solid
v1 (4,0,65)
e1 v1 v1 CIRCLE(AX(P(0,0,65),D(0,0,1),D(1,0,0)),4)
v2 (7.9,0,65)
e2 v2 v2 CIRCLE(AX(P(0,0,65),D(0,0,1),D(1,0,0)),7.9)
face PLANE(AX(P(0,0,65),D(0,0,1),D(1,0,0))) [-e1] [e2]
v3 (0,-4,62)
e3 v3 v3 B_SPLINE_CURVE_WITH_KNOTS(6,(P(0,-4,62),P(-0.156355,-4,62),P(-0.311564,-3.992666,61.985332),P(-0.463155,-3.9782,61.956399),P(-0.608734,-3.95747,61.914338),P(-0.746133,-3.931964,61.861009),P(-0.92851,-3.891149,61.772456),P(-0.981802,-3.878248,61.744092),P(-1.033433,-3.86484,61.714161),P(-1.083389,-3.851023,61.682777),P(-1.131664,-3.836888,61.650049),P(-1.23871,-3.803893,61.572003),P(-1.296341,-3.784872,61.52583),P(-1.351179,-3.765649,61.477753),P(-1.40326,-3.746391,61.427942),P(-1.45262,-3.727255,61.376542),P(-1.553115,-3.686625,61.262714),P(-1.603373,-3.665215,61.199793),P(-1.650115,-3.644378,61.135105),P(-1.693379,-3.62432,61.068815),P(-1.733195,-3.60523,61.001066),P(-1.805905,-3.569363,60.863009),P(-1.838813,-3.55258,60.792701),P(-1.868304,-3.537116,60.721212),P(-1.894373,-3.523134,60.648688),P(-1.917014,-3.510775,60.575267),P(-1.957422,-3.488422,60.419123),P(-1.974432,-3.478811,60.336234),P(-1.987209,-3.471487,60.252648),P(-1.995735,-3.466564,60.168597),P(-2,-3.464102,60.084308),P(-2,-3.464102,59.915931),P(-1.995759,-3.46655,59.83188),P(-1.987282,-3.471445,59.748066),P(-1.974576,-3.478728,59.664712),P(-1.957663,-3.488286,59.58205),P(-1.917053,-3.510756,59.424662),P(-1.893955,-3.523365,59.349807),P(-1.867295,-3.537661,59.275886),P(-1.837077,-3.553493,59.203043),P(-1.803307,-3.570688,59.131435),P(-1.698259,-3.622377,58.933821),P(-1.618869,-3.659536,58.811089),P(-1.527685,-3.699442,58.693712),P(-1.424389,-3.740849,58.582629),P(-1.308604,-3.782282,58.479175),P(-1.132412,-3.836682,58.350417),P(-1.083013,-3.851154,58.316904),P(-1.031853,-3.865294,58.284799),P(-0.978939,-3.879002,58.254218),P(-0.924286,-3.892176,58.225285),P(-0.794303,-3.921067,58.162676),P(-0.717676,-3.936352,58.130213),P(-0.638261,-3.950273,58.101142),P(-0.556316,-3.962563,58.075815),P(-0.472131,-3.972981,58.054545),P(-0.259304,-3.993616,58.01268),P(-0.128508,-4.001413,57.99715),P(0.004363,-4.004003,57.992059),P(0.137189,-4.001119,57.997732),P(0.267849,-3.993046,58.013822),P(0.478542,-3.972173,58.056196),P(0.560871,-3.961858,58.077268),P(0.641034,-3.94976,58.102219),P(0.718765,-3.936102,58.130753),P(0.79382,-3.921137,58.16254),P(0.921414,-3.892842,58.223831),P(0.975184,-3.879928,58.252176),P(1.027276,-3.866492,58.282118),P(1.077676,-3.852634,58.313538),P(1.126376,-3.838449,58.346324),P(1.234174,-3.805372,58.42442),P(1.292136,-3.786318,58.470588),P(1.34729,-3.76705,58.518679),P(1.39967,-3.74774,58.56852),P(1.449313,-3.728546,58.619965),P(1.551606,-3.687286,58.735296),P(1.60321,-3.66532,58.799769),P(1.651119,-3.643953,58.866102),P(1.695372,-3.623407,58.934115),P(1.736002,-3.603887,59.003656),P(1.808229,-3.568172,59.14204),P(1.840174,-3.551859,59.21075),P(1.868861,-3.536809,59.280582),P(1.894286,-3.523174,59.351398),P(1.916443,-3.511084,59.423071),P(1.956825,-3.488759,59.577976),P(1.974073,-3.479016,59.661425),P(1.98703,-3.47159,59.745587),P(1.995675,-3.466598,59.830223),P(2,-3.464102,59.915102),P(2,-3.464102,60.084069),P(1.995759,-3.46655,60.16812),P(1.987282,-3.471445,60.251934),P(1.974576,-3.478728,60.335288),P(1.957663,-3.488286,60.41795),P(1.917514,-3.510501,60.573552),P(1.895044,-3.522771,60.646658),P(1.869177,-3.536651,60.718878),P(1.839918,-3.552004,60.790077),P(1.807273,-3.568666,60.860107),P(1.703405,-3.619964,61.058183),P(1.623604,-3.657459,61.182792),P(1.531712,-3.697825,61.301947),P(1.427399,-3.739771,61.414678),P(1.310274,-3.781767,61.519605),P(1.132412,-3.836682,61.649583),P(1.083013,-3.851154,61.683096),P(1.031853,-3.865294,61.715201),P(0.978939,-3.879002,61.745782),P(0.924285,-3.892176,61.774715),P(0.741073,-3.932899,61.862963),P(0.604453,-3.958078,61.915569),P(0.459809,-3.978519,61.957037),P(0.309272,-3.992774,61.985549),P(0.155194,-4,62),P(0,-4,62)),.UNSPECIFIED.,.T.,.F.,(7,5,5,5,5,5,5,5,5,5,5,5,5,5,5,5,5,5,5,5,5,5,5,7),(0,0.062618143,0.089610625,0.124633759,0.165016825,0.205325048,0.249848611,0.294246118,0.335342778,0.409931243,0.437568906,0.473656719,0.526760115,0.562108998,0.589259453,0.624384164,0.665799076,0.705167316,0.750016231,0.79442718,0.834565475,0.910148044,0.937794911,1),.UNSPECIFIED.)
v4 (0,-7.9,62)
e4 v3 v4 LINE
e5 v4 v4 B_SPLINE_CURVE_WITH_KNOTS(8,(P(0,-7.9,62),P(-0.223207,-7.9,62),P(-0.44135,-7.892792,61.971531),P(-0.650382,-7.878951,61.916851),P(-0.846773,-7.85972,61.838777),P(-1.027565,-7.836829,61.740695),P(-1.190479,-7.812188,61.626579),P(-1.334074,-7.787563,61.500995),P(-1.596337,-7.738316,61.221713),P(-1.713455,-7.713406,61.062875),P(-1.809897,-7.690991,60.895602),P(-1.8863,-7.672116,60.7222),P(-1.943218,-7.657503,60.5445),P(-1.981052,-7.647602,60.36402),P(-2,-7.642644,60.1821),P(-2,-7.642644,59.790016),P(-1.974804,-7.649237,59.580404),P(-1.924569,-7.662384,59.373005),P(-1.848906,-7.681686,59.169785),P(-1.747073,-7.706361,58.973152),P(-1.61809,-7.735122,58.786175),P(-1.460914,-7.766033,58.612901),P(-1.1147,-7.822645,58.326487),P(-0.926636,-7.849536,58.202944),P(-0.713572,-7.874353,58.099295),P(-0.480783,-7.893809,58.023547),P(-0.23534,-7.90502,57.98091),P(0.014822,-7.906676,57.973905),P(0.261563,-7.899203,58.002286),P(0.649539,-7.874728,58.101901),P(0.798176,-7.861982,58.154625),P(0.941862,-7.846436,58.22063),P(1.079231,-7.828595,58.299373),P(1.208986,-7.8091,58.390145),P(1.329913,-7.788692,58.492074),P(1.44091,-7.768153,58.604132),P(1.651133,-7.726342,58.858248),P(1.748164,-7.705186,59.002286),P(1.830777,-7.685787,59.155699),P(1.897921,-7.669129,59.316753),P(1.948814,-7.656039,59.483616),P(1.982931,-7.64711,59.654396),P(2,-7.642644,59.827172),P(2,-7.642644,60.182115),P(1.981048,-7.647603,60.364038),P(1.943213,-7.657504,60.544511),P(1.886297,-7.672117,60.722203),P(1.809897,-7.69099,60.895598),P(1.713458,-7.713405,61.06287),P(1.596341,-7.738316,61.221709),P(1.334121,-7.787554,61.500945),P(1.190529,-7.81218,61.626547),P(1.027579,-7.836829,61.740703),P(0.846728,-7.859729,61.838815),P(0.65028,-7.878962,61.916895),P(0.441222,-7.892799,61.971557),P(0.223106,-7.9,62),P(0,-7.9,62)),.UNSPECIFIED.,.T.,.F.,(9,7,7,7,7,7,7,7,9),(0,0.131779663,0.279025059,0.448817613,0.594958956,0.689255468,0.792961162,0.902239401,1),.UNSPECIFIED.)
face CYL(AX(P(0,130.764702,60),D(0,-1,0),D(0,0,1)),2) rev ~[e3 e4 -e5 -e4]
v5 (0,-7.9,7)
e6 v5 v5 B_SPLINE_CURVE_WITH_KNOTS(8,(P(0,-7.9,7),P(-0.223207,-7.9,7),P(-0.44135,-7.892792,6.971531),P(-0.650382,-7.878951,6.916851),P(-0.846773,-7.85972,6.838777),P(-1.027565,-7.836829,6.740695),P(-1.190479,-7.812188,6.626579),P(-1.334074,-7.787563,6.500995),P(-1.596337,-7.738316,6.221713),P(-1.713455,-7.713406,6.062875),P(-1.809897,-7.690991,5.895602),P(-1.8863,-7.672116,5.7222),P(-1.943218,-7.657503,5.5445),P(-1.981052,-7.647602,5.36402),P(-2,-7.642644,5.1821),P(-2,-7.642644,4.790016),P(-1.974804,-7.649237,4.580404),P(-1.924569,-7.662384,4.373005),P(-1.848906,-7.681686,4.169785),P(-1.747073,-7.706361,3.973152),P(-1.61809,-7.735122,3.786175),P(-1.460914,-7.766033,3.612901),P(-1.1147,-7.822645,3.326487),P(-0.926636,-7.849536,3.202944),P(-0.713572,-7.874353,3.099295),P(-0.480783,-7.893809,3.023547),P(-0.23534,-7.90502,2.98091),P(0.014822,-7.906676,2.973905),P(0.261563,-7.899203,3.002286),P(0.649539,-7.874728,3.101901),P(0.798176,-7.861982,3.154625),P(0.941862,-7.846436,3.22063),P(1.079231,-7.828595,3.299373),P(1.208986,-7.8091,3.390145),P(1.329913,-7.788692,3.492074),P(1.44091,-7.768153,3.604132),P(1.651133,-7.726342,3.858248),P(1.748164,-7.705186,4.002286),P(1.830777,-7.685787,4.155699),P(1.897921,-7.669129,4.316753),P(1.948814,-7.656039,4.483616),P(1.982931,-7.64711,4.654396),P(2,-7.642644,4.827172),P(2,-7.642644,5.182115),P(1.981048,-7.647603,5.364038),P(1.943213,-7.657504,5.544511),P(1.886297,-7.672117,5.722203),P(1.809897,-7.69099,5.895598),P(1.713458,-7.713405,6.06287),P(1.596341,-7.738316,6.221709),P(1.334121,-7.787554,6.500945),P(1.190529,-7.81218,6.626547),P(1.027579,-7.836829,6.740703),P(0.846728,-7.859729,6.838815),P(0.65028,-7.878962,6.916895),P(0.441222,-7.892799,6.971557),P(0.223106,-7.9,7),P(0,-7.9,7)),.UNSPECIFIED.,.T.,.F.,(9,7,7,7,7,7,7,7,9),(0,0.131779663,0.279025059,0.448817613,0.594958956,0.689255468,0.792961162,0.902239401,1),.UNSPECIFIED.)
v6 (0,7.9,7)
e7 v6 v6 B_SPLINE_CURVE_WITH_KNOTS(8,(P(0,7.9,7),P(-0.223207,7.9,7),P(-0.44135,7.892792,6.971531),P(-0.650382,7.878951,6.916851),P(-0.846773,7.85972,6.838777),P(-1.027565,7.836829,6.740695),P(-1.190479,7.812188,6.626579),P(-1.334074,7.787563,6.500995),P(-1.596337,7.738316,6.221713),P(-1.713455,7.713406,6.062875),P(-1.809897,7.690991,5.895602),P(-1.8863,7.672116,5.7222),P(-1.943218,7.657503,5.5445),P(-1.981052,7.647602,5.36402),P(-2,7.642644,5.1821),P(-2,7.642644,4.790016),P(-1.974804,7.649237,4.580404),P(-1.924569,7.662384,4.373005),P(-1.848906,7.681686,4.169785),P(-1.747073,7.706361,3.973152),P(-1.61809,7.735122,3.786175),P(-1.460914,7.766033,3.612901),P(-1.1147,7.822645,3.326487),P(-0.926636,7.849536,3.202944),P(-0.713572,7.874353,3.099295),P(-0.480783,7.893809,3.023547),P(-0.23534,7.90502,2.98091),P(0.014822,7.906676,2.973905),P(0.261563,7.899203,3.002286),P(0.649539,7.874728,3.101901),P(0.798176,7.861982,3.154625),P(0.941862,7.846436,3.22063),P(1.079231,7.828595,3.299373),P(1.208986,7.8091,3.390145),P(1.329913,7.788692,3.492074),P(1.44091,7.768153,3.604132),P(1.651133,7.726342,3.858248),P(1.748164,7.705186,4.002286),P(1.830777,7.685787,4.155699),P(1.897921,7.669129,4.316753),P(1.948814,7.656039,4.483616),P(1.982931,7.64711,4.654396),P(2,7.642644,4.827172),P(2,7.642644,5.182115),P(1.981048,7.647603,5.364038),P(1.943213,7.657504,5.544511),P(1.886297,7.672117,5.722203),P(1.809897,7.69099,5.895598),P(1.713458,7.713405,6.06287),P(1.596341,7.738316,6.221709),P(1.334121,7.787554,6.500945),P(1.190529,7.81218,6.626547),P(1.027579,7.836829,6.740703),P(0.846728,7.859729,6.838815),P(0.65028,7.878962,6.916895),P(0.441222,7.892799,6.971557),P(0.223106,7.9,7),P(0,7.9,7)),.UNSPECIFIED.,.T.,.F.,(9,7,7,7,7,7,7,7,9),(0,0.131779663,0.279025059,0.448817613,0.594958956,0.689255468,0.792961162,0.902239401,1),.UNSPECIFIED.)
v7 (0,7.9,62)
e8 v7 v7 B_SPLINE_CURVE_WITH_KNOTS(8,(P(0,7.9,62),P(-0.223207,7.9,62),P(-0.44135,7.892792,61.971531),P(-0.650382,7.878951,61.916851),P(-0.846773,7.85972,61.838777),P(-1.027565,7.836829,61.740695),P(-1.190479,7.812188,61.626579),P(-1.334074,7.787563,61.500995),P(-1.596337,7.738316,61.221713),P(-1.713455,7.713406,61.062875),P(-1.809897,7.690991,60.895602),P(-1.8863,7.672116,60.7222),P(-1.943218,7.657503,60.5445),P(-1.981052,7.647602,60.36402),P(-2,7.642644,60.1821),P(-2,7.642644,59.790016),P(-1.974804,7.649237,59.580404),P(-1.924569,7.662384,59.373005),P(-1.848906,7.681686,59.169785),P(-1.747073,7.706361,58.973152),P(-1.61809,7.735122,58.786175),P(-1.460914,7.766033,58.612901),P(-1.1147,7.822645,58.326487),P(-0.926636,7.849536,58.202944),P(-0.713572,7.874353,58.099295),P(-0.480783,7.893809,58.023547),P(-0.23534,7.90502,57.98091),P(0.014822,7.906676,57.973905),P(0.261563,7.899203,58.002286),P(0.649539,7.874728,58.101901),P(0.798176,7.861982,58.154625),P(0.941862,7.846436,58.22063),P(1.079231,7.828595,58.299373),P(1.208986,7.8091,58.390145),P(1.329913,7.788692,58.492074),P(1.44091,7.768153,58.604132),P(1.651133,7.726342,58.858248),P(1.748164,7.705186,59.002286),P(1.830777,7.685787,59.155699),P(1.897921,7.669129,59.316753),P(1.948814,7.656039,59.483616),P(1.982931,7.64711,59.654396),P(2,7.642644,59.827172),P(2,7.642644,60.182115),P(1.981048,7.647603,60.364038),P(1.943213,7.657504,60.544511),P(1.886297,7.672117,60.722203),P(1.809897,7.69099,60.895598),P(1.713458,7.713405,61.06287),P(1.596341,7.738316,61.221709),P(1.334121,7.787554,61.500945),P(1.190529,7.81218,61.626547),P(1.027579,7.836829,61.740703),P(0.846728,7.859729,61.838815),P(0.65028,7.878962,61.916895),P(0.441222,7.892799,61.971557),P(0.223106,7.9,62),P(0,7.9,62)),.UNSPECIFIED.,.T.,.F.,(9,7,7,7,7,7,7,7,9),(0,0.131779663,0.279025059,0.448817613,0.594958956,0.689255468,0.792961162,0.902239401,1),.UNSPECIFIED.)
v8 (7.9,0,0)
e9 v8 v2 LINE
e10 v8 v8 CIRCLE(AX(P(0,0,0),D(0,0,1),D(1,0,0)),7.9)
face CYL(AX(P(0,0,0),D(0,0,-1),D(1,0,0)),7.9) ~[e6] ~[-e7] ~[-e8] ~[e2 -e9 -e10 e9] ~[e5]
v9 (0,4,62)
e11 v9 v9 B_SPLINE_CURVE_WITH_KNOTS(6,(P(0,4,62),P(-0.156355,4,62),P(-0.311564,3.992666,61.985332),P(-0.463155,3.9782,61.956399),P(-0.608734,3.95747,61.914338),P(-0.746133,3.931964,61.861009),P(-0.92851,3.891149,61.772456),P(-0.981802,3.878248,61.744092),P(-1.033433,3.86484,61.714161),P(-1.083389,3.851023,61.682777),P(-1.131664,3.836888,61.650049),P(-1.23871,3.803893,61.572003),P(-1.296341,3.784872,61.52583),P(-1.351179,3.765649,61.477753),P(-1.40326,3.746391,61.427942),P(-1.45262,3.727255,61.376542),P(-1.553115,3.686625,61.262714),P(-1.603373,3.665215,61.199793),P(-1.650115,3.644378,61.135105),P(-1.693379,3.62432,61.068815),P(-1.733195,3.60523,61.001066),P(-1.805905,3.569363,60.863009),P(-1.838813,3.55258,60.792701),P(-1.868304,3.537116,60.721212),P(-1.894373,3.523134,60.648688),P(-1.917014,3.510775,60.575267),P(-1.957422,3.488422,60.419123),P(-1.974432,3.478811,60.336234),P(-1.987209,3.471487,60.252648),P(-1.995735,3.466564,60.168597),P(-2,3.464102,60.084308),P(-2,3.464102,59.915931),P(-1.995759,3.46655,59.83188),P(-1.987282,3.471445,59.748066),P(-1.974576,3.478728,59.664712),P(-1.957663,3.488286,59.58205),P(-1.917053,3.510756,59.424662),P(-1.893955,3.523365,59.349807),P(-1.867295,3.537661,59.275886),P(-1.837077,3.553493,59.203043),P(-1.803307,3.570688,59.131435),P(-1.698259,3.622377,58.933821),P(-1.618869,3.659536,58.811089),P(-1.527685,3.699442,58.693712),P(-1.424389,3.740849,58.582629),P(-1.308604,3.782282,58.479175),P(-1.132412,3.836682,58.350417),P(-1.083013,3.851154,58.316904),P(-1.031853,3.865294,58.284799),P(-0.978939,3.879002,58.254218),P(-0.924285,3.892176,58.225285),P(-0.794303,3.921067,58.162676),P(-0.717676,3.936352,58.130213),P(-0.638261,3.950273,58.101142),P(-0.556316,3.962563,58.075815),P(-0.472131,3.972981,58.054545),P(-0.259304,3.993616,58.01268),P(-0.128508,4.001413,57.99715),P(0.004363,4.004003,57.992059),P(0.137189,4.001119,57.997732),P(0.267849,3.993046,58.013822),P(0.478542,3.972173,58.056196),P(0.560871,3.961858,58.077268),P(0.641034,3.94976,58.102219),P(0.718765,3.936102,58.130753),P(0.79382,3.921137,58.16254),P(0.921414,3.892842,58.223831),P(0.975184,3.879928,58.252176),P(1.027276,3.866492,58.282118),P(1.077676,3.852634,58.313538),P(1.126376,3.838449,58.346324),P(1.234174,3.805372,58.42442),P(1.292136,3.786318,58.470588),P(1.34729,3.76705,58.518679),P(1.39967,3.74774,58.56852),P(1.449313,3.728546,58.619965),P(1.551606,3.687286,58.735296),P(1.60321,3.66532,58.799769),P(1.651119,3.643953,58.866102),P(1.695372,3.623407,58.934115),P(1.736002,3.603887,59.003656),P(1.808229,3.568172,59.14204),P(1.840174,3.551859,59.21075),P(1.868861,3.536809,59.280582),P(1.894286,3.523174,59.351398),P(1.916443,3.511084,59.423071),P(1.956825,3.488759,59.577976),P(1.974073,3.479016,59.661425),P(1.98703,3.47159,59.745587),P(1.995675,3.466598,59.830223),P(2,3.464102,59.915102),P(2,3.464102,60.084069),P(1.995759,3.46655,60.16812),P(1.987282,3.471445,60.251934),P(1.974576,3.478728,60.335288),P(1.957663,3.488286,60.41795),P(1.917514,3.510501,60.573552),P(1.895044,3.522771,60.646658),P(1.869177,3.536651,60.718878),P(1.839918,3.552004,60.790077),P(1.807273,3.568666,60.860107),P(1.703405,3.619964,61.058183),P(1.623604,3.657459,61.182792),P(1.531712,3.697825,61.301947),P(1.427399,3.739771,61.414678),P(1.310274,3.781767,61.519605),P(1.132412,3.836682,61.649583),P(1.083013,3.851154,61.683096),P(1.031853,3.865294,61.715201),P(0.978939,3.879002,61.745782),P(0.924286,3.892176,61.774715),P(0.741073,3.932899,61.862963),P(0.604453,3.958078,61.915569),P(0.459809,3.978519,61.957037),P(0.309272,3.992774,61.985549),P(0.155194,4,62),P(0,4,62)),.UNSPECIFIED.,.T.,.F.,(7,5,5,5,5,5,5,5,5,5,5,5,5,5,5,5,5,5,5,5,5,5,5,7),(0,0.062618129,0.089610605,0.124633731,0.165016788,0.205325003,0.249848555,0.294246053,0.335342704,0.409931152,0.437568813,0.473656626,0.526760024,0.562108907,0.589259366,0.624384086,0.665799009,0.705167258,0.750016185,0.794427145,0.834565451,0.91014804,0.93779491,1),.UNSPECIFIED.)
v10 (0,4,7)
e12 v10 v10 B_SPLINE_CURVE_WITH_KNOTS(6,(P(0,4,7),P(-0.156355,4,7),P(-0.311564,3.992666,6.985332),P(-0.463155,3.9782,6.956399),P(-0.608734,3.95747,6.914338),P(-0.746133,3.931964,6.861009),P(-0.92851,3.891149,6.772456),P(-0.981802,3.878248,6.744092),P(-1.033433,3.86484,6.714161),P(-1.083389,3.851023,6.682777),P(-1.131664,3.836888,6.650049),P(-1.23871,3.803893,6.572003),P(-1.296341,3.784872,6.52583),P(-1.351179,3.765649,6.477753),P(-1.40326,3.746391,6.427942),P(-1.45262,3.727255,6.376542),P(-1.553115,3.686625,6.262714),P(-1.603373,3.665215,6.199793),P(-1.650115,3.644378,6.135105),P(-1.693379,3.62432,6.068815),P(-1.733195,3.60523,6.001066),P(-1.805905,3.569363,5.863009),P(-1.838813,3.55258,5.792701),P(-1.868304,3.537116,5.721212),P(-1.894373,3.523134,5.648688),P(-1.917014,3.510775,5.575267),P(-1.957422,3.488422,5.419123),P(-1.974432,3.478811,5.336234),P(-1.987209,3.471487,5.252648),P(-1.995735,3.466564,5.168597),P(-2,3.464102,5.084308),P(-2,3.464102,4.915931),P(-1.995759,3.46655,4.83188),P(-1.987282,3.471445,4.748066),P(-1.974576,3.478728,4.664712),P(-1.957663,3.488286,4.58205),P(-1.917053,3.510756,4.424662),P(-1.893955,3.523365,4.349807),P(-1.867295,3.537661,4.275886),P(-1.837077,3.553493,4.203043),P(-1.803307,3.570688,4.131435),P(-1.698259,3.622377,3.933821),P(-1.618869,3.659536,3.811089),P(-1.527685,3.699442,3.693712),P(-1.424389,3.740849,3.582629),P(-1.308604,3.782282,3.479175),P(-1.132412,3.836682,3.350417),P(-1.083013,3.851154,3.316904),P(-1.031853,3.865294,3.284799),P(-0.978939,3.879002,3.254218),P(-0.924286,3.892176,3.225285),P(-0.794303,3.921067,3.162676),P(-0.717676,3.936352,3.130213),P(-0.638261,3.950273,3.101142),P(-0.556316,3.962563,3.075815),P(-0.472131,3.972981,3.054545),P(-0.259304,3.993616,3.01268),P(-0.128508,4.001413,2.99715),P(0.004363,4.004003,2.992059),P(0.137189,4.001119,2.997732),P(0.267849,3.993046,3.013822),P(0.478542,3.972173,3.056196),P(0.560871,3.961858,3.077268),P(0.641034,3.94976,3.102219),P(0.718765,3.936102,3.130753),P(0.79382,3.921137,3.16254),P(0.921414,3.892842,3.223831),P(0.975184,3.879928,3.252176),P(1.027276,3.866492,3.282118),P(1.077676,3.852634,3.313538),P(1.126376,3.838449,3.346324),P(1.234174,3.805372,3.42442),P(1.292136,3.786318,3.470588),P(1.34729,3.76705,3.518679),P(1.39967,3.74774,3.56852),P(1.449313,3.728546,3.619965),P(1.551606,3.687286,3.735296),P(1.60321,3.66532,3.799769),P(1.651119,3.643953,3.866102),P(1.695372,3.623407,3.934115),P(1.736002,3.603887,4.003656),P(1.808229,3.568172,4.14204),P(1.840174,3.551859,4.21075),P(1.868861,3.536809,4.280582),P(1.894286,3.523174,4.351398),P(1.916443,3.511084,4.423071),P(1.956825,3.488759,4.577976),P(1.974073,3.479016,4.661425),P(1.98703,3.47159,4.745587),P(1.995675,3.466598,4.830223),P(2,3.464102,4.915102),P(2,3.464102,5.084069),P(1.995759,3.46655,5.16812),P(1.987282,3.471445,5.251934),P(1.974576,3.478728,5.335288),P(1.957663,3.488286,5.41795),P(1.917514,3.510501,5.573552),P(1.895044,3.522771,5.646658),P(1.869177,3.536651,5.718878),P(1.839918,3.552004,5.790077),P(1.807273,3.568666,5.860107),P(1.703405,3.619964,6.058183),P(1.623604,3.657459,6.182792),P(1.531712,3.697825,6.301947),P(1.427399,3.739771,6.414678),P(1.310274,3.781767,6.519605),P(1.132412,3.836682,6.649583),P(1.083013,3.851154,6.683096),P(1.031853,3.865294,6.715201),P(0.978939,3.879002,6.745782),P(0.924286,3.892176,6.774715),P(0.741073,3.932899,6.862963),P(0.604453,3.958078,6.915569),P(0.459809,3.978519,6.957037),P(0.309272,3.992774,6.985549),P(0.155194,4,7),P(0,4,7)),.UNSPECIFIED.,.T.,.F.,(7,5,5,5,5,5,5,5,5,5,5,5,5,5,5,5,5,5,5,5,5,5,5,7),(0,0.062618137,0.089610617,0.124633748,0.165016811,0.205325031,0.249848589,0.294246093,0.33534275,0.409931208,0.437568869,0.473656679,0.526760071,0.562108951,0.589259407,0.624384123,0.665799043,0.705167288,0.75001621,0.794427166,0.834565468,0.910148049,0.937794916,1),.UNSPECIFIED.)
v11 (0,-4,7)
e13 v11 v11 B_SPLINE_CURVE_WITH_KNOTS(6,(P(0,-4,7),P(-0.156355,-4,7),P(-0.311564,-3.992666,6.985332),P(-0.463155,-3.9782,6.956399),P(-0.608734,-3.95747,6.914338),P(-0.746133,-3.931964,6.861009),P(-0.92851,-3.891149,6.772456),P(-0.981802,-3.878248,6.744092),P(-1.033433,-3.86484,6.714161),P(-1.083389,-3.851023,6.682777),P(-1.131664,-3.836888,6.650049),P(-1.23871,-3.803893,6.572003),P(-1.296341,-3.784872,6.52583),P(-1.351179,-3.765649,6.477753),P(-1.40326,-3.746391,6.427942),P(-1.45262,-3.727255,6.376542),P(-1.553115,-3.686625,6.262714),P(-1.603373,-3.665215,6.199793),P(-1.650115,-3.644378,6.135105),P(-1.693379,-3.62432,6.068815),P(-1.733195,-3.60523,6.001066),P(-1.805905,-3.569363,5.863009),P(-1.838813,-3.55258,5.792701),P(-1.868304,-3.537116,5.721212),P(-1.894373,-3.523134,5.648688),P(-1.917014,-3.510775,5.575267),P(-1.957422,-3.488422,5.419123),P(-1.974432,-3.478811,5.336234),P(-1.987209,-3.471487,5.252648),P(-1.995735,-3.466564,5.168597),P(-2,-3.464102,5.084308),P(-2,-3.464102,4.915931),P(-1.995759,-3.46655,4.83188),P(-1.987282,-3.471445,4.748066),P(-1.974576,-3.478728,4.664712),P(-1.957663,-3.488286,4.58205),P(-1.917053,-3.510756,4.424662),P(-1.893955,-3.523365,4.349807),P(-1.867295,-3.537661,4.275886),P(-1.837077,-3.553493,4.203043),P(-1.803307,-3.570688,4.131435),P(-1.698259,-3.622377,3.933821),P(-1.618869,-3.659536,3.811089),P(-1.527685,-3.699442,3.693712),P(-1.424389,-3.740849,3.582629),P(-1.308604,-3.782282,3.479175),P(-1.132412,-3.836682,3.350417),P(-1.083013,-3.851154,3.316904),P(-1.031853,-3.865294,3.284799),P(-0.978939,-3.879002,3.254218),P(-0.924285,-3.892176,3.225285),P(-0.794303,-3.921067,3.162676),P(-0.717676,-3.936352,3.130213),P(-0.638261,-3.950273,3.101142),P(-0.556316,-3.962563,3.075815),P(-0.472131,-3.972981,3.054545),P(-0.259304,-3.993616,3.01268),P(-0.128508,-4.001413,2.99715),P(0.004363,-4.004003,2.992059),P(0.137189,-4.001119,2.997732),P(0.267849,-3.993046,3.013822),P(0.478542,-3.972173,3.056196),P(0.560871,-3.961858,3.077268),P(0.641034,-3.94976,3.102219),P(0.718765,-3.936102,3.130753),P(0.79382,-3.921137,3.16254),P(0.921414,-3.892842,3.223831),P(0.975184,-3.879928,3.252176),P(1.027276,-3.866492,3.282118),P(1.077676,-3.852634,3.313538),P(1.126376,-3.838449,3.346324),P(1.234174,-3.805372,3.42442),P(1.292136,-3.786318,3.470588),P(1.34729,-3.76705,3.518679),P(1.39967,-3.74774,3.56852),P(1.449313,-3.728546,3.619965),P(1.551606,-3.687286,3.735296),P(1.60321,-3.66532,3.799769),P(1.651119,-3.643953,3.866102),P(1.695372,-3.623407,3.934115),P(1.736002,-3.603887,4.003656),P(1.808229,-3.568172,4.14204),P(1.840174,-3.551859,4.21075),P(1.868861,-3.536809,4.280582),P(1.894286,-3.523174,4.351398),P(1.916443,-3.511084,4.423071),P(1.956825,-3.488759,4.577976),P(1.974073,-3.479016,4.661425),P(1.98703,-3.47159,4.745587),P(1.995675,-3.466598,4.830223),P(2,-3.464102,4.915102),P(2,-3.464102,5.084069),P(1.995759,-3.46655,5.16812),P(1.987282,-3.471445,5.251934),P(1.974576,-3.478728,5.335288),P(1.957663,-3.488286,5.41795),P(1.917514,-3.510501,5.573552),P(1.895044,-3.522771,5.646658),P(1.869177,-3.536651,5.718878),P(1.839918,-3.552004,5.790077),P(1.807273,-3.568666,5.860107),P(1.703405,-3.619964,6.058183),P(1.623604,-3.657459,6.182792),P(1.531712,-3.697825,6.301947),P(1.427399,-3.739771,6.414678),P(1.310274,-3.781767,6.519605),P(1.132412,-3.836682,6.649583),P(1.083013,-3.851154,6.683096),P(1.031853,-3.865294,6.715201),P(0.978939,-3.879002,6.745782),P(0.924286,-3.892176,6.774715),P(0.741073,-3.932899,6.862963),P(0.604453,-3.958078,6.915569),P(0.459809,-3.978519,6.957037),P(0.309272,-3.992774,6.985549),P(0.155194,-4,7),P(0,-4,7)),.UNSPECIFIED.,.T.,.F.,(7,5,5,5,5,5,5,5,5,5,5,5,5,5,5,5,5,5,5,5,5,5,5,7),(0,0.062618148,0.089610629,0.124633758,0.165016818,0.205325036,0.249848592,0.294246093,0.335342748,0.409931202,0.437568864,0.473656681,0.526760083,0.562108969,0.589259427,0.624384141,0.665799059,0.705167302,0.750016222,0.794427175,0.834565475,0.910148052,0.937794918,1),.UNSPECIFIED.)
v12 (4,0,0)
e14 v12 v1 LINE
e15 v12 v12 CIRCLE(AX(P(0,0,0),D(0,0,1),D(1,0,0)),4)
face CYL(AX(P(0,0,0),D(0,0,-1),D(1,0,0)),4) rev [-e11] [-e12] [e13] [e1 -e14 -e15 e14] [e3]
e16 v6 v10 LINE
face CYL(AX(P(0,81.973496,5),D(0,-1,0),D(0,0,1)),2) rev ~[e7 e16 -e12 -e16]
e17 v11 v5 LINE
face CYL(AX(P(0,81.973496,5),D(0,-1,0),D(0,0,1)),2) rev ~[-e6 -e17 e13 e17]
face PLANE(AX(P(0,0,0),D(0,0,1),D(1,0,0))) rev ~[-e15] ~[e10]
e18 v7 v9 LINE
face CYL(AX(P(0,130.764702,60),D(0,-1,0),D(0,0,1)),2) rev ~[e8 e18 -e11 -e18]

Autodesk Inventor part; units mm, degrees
ref_plane "YZ Plane" through (0, 0, 0) normal (1, 0, 0) x (0, 1, 0)
ref_plane "XZ Plane" through (0, 0, 0) normal (0, 1, 0) x (-1, 0, 0)
ref_plane "XY Plane" through (0, 0, 0) normal (0, 0, 1) x (1, 0, 0)
sketch "Esquisse1" plane through (0, 0, 0) normal (0, 0, 1) x (1, 0, 0)
  circle A0 centre (0, 0) radius 7.9
  circle A1 centre (0, 0) radius 4
  dimension "d0" = 15.8
  dimension "d1" = 8
extrude "Extrusion1" add sketch "Esquisse1" along normal blind 65
sketch "Esquisse2" plane through (0, 0, 0) normal (0, 1, 0) x (-1, 0, 0)
  line L0 (7.9, 65) -> (-7.9, 65) projected
  line L1 (0, 65) -> (0, 60)
  line L2 (0, 0) -> (0, 5)
  dimension "d4" = 5
  dimension "d5" = 5
hole "Perçage1" at (0, 0, 60) at (0, 0, 5) direction (0, -1, 0) diameter 4 end through all both
properties part number "tube vers roue libre"
